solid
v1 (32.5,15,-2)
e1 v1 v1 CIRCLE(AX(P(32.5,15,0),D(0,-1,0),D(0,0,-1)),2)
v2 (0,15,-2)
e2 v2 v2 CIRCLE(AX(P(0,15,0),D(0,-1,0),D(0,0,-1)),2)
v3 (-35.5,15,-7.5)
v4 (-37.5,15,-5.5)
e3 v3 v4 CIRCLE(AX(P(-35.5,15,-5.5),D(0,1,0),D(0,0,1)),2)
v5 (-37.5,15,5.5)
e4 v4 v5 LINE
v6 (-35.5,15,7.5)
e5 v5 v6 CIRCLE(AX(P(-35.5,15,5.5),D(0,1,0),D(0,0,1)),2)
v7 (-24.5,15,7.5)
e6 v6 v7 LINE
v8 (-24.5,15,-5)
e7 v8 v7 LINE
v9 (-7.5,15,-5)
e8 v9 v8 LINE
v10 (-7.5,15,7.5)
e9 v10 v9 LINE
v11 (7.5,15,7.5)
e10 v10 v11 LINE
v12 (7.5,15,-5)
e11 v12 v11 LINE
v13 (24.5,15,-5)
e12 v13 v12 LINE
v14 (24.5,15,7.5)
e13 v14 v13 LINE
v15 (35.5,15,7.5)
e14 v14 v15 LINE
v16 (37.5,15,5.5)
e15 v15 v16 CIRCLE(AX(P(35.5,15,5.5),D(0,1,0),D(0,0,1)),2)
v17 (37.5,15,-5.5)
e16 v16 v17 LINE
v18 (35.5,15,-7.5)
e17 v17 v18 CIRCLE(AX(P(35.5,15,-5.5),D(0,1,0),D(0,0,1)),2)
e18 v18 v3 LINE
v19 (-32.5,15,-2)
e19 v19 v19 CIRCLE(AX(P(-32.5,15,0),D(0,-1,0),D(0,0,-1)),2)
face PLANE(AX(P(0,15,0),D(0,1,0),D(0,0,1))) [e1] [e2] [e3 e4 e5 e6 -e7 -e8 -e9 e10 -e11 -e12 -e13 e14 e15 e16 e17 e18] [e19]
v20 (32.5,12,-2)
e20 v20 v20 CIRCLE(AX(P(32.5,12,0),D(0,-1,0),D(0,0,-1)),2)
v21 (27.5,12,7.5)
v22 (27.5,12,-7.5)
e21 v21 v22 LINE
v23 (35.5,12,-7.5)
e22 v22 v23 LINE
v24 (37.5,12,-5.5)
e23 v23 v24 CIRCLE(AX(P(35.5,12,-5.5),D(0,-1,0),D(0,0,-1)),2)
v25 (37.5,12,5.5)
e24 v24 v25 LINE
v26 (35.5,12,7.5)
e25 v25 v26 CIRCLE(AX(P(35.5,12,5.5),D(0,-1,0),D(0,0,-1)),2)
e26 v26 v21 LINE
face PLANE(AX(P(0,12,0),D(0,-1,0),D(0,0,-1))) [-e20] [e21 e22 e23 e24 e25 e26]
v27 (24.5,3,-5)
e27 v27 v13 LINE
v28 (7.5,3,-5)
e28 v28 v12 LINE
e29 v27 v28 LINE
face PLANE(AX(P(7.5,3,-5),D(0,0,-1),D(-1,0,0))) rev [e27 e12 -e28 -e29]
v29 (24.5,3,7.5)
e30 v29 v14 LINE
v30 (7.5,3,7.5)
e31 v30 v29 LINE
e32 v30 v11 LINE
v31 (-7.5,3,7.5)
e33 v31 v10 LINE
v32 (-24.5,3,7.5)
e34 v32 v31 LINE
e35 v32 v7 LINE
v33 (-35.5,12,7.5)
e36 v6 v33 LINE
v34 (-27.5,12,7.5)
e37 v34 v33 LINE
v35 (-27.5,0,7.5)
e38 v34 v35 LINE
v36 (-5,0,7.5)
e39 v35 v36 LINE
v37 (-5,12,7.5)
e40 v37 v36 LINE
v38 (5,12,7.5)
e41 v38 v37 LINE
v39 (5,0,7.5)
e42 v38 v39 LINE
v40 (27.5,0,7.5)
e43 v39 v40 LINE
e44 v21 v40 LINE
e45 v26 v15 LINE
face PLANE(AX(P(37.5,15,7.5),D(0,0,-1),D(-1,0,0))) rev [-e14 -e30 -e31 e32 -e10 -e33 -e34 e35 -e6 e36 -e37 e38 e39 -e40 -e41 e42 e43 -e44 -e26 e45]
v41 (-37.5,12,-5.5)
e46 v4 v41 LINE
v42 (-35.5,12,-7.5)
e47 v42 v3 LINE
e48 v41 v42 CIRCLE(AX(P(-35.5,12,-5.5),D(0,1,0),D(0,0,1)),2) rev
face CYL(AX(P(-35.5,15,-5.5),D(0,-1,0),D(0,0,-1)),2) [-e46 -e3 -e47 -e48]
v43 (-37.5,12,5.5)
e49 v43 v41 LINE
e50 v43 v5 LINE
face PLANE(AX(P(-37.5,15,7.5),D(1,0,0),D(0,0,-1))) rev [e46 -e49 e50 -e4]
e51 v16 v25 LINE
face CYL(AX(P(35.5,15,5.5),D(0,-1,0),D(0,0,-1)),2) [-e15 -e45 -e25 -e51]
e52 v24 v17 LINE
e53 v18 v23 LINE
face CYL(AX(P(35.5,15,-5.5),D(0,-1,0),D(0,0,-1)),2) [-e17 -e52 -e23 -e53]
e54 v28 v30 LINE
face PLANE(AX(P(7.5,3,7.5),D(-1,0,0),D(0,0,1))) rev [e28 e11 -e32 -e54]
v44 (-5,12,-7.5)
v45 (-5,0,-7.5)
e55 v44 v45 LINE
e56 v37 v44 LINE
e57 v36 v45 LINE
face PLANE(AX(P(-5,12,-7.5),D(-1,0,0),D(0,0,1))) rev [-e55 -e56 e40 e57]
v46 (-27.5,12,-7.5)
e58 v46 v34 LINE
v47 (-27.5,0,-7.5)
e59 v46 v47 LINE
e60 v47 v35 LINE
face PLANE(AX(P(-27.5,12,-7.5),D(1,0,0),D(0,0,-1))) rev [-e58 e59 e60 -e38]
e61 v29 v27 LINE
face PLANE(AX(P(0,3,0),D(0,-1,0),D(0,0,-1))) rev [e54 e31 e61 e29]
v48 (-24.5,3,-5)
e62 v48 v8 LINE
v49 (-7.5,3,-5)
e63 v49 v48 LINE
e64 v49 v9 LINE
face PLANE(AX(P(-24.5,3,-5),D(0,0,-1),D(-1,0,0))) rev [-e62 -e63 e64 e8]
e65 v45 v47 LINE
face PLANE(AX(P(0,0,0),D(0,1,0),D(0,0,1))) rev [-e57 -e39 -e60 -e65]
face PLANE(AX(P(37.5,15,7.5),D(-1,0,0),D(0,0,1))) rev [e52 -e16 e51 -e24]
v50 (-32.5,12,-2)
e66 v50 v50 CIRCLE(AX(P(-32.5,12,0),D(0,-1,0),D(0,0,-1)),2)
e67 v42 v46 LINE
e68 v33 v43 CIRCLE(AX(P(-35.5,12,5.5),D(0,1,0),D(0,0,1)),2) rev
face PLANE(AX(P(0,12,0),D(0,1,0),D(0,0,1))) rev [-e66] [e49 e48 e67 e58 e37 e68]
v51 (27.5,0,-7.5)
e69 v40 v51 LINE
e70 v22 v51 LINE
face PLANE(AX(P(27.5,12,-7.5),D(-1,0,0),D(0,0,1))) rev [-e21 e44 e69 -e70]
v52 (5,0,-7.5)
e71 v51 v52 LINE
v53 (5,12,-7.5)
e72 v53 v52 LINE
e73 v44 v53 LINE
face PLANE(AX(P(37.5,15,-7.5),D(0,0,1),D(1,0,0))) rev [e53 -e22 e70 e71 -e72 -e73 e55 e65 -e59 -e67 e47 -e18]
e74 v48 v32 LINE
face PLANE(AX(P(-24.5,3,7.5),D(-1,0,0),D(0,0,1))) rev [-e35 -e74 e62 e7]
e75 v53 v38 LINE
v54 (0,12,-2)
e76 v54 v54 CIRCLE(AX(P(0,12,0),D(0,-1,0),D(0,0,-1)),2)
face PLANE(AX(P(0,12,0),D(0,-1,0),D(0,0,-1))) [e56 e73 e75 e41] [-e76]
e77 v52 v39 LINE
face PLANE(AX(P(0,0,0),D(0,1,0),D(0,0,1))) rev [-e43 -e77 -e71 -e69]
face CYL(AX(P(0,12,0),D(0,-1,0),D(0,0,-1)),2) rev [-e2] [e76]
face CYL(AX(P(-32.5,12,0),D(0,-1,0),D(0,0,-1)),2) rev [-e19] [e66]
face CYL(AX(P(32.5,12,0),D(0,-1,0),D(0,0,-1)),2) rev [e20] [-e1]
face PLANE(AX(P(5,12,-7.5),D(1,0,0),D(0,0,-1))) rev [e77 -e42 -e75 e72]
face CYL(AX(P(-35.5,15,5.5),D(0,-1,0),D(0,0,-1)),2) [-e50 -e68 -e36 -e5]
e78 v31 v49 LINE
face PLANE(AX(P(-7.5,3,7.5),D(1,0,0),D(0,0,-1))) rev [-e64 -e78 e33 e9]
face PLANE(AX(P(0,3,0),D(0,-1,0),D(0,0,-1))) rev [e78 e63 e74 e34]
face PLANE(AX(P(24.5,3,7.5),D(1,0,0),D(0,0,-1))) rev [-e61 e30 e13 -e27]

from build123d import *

# Parameters (mm, degrees)
SKETCH1_W             = 75
SKETCH1_H             = 15
BOSS_EXTRUDE1_DEPTH   = 15
SKETCH2_W             = 17
SKETCH2_H             = 12.5
CUT_EXTRUDE1_DEPTH    = 12
SKETCH3_W             = 10
SKETCH3_H             = 15
CUT_EXTRUDE2_DEPTH    = 12
F_4_0MM_DOWEL_HOLE2_D = 4
FILLET1_R             = 2


with BuildPart() as part:
    # Sketch1 → Boss-Extrude1 (new body)
    with BuildSketch(Plane(origin=(0, 0, 0), x_dir=(1, 0, 0), z_dir=(0, 1, 0))):
        Rectangle(SKETCH1_W, SKETCH1_H)
    extrude(amount=BOSS_EXTRUDE1_DEPTH)

    # Sketch2 → Cut-Extrude1 (cut)
    with BuildSketch(Plane(origin=(0, 15, 0), x_dir=(1, 0, 0), z_dir=(0, 1, 0))):
        with Locations((-16, -1.25)):
            Rectangle(SKETCH2_W, SKETCH2_H)
        with Locations((16, -1.25)):
            Rectangle(SKETCH2_W, SKETCH2_H)
    extrude(amount=-CUT_EXTRUDE1_DEPTH, mode=Mode.SUBTRACT)

    # Sketch3 → Cut-Extrude2 (cut)
    with BuildSketch(Plane.XZ):
        with Locations((-32.5, 0)):
            Rectangle(SKETCH3_W, SKETCH3_H)
        with Locations((32.5, 0)):
            Rectangle(SKETCH3_W, SKETCH3_H)
        Rectangle(SKETCH3_W, SKETCH3_H)
    extrude(amount=-CUT_EXTRUDE2_DEPTH, mode=Mode.SUBTRACT)

    # Ø4.0mm Dowel Hole2 (through all)
    with Locations(Plane(origin=(0, 12, 0), x_dir=(-1, 0, 0), z_dir=(0, -1, 0))):
        with Locations((32.5, 0), (0, 0), (-32.5, 0)):
            Hole(F_4_0MM_DOWEL_HOLE2_D / 2)

    # Fillet1
    fillet1_edges = [part.edges().sort_by_distance(p)[0] for p in [
        (-37.5, 13.5, -7.5),
        (37.5, 13.5, -7.5),
        (37.5, 13.5, 7.5),
        (-37.5, 13.5, 7.5),
    ]]
    fillet(fillet1_edges, radius=FILLET1_R)


solid = part.part
